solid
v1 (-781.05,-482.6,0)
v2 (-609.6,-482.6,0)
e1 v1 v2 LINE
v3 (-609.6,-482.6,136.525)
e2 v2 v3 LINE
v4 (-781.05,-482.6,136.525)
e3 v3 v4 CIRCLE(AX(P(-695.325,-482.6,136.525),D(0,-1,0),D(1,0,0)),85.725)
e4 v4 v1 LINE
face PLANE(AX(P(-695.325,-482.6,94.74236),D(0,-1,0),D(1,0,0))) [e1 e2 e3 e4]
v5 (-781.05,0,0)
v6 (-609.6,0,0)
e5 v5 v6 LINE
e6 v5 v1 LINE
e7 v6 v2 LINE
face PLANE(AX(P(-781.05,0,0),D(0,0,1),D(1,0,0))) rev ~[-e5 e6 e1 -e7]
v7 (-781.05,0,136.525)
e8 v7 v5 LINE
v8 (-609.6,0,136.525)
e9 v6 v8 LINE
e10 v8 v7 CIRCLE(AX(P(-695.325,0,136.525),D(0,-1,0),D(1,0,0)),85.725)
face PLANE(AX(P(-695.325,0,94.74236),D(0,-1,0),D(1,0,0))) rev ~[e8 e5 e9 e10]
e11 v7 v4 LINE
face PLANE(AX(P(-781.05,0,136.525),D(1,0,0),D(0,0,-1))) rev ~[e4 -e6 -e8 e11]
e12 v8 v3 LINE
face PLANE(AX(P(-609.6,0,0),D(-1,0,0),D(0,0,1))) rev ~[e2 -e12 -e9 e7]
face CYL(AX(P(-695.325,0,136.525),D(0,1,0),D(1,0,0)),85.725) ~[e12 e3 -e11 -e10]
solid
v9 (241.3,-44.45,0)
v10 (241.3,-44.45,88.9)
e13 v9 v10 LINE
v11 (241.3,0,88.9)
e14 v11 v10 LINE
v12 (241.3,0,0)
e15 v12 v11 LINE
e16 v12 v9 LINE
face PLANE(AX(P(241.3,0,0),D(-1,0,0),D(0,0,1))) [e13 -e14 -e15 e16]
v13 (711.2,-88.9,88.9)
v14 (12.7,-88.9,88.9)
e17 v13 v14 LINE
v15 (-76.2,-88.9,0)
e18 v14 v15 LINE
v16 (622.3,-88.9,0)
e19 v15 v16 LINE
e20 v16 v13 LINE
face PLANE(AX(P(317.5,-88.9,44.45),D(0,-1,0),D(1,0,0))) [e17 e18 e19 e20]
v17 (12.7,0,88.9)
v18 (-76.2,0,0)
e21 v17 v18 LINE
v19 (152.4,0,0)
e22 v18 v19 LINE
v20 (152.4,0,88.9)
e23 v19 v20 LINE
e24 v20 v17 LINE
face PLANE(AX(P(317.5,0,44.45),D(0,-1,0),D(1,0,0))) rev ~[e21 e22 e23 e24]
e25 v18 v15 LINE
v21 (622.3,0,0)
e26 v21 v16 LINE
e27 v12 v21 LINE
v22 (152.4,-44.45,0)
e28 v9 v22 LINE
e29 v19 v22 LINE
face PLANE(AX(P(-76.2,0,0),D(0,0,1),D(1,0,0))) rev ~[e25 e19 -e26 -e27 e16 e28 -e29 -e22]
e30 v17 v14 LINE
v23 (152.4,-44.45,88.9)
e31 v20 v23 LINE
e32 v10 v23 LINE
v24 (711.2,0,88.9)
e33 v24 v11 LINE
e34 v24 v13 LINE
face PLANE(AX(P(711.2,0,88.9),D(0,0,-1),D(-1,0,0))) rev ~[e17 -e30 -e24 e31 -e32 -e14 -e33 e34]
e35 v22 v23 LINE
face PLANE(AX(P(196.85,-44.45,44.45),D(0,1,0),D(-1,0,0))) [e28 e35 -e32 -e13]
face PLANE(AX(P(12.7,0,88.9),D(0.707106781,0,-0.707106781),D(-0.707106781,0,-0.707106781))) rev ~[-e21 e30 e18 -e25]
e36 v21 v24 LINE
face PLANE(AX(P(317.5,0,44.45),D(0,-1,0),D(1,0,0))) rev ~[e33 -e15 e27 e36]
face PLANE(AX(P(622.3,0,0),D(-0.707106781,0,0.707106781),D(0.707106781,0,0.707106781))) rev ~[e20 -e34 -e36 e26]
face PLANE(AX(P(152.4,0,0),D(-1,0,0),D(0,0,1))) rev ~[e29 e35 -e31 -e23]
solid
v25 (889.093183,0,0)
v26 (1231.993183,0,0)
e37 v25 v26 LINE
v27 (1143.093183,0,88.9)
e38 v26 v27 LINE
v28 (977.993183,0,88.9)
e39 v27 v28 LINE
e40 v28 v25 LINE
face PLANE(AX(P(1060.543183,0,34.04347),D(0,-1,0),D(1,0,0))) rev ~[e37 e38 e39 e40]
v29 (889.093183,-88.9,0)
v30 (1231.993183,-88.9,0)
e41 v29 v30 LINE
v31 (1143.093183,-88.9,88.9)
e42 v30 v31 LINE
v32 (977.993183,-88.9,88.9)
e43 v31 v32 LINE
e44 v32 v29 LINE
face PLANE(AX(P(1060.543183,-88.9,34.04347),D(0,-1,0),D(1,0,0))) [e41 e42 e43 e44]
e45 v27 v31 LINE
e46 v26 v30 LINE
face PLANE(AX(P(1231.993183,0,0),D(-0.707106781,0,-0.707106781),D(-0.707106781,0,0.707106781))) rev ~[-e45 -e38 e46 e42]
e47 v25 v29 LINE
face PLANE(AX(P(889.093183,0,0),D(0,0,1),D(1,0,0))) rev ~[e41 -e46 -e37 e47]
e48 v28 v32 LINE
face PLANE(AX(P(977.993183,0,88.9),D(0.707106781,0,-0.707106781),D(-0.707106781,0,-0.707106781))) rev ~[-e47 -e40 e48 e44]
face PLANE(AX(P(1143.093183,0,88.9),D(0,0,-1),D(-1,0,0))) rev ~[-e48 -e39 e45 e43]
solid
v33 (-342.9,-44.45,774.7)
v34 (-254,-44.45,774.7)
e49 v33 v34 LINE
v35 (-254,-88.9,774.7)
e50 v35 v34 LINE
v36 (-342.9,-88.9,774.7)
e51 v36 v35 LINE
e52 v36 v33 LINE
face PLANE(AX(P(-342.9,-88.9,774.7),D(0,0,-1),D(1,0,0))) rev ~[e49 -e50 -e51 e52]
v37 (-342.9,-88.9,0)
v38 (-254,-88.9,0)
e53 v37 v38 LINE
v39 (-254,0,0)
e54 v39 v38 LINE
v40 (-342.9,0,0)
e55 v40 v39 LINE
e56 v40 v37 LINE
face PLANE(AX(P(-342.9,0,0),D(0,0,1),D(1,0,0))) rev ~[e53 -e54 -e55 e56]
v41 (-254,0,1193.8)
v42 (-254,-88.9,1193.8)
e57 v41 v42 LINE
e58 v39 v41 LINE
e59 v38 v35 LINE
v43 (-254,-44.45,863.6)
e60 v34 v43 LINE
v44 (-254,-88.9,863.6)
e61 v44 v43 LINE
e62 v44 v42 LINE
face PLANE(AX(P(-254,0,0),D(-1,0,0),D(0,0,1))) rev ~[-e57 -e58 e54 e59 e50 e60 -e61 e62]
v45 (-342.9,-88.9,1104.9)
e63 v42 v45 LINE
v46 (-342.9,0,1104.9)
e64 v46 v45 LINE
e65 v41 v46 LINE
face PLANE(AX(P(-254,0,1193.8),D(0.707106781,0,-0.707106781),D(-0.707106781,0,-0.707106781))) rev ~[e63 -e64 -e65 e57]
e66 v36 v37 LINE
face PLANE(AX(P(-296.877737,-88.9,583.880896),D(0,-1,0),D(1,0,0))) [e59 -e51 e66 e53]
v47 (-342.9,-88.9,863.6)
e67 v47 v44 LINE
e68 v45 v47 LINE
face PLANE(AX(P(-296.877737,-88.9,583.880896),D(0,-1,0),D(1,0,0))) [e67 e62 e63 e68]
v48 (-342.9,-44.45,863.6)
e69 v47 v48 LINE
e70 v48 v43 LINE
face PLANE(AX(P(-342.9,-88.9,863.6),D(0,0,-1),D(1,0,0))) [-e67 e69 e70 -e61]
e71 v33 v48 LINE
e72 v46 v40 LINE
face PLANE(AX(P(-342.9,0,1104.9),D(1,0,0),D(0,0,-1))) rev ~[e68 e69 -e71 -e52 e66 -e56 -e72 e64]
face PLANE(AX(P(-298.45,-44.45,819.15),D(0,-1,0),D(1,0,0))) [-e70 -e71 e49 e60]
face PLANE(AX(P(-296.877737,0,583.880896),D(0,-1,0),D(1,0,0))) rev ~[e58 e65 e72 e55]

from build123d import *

# Parameters (mm, degrees)
F1_DEPTH  = 482.6
F3_DEPTH  = 88.9
F4_W      = 88.9
F4_H      = 88.9
F5_DEPTH  = 44.45
F7_DEPTH  = 88.9
F8_W      = 88.9
F8_H      = 88.9
F9_DEPTH  = 44.45
F11_DEPTH = 88.9


with BuildPart() as f1:
    # F0 (on Front) → F1 (new body)
    with BuildSketch(Plane.XZ):
        with BuildLine():
            Line((-781.05, 136.525), (-781.05, 0))
            Line((-781.05, 0), (-609.6, 0))
            Line((-609.6, 0), (-609.6, 136.525))
            ThreePointArc((-609.6, 136.525), (-695.325, 222.25), (-781.05, 136.525))
        make_face()
    extrude(amount=F1_DEPTH)


with BuildPart() as f3:
    # F2 (on Front) → F3 (new body)
    with BuildSketch(Plane.XZ):
        Polygon((-342.9, 1104.9), (-342.9, 0), (-254, 0), (-254, 1193.8), align=None)
    extrude(amount=F3_DEPTH)

    # F4 (on face) → F5 (cut)
    with BuildSketch(Plane.XZ.offset(88.9)):
        with Locations((-298.45, 819.15)):
            Rectangle(F4_W, F4_H)
    extrude(amount=-F5_DEPTH, mode=Mode.SUBTRACT)


with BuildPart() as f7:
    # F6 (on Front) → F7 (new body)
    with BuildSketch(Plane.XZ):
        Polygon((12.7, 88.9), (-76.2, 0), (622.3, 0), (711.2, 88.9), align=None)
    extrude(amount=F7_DEPTH)

    # F8 (on face) → F9 (cut)
    with BuildSketch(Plane(origin=(0, 0, 0), x_dir=(-1, 0, 0), z_dir=(0, 1, 0))):
        with Locations((-196.85, 44.45)):
            Rectangle(F8_W, F8_H)
    extrude(amount=-F9_DEPTH, mode=Mode.SUBTRACT)


with BuildPart() as f11:
    # F10 (on Front) → F11 (new body)
    with BuildSketch(Plane.XZ):
        Polygon((977.993183, 88.9), (889.093183, 0), (1231.993183, 0), (1143.093183, 88.9), align=None)
    extrude(amount=F11_DEPTH)


solid = Compound([f1.part, f3.part, f7.part, f11.part])
